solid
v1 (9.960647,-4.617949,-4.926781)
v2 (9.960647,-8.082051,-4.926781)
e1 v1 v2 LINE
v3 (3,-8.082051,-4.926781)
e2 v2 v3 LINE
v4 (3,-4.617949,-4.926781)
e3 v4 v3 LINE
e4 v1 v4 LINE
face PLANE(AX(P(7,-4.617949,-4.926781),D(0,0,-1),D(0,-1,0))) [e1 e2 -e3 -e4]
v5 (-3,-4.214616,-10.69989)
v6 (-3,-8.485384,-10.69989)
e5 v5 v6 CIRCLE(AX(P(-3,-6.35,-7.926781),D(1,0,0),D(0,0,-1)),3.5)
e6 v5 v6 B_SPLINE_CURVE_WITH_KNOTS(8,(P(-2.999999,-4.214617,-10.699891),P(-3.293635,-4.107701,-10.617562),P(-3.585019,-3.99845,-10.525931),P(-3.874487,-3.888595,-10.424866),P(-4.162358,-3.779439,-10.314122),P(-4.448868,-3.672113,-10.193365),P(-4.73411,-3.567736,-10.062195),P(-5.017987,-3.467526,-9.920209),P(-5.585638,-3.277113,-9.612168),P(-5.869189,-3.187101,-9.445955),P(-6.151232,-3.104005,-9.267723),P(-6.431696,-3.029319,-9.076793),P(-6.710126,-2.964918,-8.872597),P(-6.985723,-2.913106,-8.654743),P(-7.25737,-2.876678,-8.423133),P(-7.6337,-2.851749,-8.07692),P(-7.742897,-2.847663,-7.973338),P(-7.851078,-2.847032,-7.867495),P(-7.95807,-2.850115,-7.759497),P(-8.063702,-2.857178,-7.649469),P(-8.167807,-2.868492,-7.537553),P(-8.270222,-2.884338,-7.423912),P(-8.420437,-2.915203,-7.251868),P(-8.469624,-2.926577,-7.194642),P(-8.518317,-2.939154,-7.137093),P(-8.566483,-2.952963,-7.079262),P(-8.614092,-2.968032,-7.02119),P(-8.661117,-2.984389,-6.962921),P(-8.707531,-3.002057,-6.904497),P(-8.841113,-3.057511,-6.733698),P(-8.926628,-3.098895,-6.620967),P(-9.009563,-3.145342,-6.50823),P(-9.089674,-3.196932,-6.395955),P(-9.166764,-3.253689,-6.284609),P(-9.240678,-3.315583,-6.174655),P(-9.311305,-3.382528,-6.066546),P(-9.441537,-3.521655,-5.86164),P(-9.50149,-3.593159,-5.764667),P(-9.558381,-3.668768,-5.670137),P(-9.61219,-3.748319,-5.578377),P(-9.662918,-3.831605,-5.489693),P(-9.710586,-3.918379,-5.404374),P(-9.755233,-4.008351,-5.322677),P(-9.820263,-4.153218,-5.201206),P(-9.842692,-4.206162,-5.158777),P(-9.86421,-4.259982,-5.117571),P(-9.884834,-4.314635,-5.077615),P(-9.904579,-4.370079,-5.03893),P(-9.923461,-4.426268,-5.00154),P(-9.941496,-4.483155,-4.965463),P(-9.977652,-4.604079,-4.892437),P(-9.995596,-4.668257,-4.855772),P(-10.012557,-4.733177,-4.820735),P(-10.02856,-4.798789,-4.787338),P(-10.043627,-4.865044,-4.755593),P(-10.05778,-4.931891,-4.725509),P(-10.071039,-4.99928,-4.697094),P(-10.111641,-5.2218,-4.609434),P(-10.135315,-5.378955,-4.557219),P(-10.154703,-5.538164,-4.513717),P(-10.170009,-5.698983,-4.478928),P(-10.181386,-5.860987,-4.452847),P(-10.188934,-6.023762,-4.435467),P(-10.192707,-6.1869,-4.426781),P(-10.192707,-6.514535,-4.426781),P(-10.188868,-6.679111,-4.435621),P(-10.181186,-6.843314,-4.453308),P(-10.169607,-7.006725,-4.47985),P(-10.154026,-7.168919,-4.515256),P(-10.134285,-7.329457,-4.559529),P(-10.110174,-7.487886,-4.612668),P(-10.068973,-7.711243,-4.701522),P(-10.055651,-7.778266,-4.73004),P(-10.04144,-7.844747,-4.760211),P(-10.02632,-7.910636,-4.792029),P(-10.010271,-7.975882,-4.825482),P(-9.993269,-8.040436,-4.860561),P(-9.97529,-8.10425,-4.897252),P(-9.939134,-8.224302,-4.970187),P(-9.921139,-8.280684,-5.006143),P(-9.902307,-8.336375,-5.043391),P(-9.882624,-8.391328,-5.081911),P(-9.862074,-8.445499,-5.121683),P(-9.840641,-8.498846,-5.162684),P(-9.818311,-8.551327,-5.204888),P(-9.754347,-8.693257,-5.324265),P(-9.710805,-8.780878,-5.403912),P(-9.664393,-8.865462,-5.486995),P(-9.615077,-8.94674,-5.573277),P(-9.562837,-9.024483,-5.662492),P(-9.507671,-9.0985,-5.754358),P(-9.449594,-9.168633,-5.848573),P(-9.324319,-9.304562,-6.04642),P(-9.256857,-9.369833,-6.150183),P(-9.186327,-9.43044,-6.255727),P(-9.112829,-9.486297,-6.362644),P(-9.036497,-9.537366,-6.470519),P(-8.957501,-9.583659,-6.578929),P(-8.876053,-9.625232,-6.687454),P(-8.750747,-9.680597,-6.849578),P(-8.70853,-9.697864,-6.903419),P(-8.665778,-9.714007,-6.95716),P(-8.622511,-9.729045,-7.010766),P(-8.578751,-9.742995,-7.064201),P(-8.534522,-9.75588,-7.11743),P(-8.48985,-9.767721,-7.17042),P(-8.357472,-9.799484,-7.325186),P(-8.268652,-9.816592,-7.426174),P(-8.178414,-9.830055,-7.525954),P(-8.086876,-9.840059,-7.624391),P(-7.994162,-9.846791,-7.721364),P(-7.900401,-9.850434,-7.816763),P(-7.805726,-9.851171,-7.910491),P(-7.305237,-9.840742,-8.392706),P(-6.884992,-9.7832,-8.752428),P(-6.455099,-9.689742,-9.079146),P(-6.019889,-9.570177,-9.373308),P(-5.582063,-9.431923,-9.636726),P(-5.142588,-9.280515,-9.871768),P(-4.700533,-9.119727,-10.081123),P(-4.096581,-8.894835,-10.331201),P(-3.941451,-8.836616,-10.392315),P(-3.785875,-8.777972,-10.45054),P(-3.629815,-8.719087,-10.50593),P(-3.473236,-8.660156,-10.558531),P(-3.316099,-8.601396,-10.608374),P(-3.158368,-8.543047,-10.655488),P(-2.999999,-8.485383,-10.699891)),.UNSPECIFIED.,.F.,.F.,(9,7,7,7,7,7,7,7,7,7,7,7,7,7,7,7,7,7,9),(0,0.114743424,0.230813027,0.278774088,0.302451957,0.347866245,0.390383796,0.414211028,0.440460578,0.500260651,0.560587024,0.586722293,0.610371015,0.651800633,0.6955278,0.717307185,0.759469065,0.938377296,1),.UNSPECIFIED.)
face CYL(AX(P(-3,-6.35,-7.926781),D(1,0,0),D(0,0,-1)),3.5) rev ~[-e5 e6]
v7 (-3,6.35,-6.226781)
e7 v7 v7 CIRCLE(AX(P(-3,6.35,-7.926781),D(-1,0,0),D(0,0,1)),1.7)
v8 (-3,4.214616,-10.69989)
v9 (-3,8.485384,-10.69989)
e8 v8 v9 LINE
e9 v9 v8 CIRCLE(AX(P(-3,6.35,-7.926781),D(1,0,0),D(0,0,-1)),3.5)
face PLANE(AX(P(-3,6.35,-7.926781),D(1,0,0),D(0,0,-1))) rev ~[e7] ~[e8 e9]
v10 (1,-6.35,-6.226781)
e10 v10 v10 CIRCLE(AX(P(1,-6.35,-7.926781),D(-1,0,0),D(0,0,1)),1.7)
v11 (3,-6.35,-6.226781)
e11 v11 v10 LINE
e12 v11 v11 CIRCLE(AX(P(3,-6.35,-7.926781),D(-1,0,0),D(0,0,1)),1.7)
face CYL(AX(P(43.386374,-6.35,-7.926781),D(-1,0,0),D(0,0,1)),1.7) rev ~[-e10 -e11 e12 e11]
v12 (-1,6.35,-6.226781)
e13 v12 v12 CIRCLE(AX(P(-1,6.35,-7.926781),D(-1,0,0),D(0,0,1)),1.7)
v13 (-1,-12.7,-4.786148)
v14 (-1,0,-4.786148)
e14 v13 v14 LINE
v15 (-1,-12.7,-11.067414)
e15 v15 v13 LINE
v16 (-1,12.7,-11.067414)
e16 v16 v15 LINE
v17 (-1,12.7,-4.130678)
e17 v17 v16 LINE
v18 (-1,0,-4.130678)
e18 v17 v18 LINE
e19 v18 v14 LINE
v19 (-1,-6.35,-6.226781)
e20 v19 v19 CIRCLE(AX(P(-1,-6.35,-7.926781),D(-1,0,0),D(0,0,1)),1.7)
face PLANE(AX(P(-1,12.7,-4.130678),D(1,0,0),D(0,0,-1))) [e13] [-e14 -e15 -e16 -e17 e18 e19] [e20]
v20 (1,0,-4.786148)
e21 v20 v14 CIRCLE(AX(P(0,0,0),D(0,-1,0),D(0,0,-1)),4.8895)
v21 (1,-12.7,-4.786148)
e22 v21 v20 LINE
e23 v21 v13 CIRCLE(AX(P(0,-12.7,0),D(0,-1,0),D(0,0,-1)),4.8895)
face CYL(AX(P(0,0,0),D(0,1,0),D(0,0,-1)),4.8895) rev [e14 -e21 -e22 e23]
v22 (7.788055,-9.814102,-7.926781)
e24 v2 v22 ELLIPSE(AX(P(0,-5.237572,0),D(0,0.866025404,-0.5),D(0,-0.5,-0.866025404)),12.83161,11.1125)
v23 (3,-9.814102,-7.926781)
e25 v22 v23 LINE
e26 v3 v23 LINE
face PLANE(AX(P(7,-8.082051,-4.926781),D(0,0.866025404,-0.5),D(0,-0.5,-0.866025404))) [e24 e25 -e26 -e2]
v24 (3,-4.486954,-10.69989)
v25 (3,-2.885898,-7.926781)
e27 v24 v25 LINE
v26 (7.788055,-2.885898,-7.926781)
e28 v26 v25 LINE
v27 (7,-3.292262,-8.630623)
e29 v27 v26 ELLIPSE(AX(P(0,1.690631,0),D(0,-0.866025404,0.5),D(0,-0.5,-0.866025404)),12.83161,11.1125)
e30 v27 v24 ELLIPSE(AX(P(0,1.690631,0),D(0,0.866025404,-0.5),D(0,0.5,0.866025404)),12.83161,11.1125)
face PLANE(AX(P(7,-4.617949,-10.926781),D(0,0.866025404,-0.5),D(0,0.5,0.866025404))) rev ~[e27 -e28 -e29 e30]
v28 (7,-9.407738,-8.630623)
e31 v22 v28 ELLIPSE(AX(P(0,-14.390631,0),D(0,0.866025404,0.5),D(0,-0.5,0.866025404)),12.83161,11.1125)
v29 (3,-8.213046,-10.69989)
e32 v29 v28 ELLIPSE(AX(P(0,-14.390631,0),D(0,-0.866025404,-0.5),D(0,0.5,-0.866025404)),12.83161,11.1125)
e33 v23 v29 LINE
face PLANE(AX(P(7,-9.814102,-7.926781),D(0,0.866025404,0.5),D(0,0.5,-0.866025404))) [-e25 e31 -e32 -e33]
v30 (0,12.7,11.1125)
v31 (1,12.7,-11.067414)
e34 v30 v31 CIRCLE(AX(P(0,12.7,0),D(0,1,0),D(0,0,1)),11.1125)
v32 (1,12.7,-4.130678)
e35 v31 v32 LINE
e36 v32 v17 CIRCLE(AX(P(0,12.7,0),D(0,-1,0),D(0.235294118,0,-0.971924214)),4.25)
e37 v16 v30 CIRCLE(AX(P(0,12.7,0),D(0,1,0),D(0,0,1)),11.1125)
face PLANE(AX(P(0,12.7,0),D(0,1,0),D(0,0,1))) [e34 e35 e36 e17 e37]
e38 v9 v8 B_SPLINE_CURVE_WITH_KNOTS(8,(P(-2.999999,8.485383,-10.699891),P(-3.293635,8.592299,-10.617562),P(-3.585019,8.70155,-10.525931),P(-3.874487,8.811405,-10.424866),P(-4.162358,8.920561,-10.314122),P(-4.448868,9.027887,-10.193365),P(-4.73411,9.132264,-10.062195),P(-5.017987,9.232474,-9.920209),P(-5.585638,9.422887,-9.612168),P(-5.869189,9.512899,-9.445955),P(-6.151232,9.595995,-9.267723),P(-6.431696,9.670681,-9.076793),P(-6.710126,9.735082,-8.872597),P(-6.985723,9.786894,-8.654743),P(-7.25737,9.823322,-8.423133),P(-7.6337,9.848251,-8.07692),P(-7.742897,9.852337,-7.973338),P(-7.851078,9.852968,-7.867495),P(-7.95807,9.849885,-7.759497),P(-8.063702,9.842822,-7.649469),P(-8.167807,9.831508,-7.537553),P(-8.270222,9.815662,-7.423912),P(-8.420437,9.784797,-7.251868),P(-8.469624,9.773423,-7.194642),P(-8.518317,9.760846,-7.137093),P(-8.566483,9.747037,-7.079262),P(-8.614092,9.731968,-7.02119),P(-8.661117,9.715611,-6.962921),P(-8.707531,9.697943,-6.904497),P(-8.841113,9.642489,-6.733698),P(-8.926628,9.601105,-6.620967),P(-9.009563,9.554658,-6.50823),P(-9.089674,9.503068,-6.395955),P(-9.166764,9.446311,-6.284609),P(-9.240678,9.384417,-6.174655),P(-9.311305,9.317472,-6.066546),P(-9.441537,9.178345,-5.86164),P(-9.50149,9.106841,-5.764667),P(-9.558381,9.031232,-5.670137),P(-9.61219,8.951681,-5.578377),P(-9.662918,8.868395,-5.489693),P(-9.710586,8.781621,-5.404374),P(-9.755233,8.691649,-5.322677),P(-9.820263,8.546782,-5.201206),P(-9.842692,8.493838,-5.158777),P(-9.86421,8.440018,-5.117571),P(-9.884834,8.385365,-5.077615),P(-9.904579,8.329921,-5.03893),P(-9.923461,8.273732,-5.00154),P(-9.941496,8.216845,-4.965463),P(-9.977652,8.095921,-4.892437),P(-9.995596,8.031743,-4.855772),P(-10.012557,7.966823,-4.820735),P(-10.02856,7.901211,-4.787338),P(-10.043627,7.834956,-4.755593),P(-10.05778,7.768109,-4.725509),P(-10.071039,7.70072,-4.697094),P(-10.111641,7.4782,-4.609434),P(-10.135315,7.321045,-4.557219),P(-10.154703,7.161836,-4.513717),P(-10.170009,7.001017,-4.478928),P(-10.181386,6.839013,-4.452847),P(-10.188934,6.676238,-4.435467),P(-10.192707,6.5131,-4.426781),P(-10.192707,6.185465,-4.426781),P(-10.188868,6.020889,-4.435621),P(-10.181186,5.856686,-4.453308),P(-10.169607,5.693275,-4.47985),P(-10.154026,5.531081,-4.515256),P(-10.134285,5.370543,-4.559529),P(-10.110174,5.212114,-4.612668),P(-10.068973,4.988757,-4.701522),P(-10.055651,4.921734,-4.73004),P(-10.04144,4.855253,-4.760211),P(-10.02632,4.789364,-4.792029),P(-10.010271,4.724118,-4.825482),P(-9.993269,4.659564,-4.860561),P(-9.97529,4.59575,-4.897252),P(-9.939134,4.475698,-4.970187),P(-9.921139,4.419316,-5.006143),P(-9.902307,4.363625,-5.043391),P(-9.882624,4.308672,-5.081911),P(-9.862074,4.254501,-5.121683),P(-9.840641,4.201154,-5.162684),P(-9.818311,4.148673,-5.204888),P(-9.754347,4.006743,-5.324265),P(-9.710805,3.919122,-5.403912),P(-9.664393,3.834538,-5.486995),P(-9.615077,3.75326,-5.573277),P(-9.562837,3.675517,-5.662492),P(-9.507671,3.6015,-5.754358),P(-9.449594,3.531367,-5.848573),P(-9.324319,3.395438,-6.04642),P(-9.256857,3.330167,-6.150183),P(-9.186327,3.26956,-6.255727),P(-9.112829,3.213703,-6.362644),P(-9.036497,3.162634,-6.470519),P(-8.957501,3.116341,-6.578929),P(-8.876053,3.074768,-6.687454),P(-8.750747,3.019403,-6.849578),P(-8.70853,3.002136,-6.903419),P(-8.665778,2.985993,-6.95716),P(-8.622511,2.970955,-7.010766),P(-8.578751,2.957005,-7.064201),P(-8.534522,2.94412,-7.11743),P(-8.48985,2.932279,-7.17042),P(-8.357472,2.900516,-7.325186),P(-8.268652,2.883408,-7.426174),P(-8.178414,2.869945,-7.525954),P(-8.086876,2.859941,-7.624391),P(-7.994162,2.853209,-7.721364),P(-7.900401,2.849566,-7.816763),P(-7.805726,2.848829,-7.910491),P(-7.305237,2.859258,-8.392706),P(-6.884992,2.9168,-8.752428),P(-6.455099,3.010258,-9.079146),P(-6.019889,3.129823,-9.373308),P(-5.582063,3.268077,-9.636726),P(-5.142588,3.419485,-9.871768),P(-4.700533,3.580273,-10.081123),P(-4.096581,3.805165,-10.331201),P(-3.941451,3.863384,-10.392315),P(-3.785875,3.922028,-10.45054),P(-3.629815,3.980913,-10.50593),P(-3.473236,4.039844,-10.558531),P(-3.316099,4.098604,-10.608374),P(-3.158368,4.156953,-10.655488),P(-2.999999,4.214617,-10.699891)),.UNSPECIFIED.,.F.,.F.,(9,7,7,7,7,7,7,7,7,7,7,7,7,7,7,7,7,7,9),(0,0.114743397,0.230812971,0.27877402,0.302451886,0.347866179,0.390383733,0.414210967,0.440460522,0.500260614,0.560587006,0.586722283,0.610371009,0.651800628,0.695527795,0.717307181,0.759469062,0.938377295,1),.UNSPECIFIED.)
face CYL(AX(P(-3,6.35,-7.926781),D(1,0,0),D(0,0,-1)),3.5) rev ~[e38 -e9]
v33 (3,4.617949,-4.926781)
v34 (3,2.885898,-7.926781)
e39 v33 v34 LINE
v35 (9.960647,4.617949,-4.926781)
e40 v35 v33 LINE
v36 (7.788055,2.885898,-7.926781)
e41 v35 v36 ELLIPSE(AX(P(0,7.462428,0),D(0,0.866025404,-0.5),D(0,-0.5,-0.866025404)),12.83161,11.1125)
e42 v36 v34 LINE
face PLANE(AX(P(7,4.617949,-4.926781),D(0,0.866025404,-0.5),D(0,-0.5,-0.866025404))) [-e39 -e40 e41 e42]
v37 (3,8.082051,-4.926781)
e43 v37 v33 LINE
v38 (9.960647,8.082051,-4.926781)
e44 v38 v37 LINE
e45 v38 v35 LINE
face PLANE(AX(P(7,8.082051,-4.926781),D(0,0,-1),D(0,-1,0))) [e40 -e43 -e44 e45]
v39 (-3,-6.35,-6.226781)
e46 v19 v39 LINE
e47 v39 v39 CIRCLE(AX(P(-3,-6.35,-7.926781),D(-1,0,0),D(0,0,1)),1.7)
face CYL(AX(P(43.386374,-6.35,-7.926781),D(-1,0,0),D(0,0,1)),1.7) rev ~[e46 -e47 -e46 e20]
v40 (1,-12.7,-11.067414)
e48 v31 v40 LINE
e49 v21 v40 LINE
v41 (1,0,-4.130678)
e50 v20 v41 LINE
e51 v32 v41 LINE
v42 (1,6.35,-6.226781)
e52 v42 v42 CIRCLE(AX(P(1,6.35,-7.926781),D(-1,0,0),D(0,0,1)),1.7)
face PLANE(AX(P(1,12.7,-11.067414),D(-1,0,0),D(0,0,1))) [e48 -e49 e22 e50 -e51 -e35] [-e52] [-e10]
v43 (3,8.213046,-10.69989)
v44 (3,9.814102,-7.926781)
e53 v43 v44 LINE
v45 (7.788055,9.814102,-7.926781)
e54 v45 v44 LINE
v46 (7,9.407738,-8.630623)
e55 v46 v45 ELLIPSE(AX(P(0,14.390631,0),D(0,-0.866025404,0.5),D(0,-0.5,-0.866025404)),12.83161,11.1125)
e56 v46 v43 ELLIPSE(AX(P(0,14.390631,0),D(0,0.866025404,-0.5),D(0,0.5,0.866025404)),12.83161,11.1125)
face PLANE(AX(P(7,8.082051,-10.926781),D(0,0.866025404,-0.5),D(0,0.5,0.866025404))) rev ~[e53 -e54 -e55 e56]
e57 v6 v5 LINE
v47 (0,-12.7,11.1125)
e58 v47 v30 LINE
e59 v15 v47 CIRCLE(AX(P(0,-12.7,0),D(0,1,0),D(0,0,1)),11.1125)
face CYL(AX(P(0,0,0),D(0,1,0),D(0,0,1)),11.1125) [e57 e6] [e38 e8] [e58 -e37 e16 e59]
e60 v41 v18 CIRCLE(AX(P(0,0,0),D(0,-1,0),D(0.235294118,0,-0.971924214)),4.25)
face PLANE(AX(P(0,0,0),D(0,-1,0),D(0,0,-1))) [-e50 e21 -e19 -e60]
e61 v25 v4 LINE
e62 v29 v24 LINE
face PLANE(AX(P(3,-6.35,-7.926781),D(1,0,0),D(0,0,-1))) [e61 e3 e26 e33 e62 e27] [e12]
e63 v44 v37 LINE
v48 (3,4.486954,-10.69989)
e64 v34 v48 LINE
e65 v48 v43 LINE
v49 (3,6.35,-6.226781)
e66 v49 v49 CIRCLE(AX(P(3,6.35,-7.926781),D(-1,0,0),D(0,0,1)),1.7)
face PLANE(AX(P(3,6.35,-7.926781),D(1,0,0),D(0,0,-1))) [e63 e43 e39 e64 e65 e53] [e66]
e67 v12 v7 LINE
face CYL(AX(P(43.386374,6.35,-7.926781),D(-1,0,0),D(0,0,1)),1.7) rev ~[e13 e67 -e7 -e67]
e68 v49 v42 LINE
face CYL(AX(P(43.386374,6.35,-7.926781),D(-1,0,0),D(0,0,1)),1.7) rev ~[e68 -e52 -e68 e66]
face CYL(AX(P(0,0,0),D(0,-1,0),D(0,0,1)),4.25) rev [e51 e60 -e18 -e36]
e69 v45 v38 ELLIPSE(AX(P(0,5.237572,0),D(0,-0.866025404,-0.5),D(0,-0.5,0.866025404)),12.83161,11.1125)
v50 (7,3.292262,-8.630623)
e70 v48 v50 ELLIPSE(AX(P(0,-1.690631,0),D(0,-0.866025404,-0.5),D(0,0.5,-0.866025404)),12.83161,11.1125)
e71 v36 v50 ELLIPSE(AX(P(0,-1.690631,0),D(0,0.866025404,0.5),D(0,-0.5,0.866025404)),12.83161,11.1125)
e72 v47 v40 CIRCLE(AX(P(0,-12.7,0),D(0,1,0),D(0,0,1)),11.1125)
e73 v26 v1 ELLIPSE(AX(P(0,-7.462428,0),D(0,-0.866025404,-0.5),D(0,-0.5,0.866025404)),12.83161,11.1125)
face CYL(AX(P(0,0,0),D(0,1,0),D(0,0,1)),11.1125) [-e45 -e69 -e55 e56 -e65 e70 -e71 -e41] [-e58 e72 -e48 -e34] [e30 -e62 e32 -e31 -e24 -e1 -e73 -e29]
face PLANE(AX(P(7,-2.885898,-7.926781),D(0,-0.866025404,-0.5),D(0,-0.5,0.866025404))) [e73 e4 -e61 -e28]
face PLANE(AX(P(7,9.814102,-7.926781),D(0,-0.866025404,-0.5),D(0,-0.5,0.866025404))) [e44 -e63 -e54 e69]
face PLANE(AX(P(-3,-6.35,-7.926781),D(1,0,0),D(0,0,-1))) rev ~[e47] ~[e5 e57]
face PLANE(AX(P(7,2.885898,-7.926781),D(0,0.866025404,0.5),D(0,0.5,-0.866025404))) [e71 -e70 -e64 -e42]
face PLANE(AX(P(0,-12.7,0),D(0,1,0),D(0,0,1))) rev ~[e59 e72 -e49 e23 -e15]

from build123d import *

# Parameters (mm, degrees)
SKETCH1_R                           = 11.1125
BOSS_EXTRUDE1_DEPTH                 = 12.7
CUT_EXTRUDE1_START                  = -12.7
SKETCH2_R                           = 4.25
CUT_EXTRUDE1_DEPTH                  = 12.7
CUT_EXTRUDE2_START                  = -12.7
SKETCH3_R                           = 4.8895
CUT_EXTRUDE2_DEPTH                  = 12.7
CUT_EXTRUDE3_REACH                  = 31.869
CUT_EXTRUDE4_DEPTH                  = 4
CUT_EXTRUDE4_DIRECTION_2_REACH      = 26.756
CUT_EXTRUDE4_DIRECTION_2_END_RADIUS = 11.1125
M3_CLEARANCE_HOLE1_D                = 3.4
CUT_EXTRUDE5_REACH                  = 23.999
SKETCH9_R                           = 3.5


with BuildPart() as part:
    # Sketch1 → Boss-Extrude1 (new, symmetric)
    with BuildSketch(Plane(origin=(0, 0, 0), x_dir=(1, 0, 0), z_dir=(0, 1, 0))):
        with Locations(Location((0, 0, 0), (0, 0, 270))):
            Circle(SKETCH1_R)
    extrude(amount=BOSS_EXTRUDE1_DEPTH, both=True)

    # Sketch2 → Cut-Extrude1 (cut)
    with BuildSketch(Plane(origin=(0, 12.7, 0), x_dir=(1, 0, 0), z_dir=(0, 1, 0)).offset(CUT_EXTRUDE1_START)):
        with Locations(Location((0, 0, 0), (0, 0, 270))):
            Circle(SKETCH2_R)
    extrude(amount=CUT_EXTRUDE1_DEPTH, mode=Mode.SUBTRACT)

    # Sketch3 → Cut-Extrude2 (cut)
    with BuildSketch(Plane.XZ.offset(12.7).offset(CUT_EXTRUDE2_START)):
        with Locations(Location((0, 0, 0), (0, 0, 270))):
            Circle(SKETCH3_R)
    extrude(amount=CUT_EXTRUDE2_DEPTH, mode=Mode.SUBTRACT)

    # Sketch4 → Cut-Extrude3 (cut, up to next)
    with BuildSketch(Plane(origin=(0, 12.7, 0), x_dir=(1, 0, 0), z_dir=(0, 1, 0)), mode=Mode.PRIVATE) as cut_extrude3_sk1:
        with BuildLine():
            Line((-1, 4.13067791), (-1, 11.067414163))
            ThreePointArc((-1, 11.067414163), (0, 11.1125), (1, 11.067414163))
            Line((1, 11.067414163), (1, 4.13067791))
            ThreePointArc((1, 4.13067791), (0, 4.25), (-1, 4.13067791))
        make_face()
    cut_extrude3_tool1 = extrude(cut_extrude3_sk1.sketch, amount=-CUT_EXTRUDE3_REACH, mode=Mode.PRIVATE) & part.part
    add(cut_extrude3_tool1.solids().sort_by_distance((0, 12.7, -7.653889))[0], mode=Mode.SUBTRACT)

    # Sketch5 → Cut-Extrude4 (cut)
    with BuildSketch(Plane(origin=(7, 0, 0), x_dir=(0, 0, -1), z_dir=(1, 0, 0))):
        Polygon((7.926780955, 2.885898385), (10.926780955, 4.617949192), (10.926780955, 8.082050808), (7.926780955, 9.814101615), (4.926780955, 8.082050808), (4.926780955, 4.617949192), align=None)
        Polygon((7.926780955, -9.814101615), (10.926780955, -8.082050808), (10.926780955, -4.617949192), (7.926780955, -2.885898385), (4.926780955, -4.617949192), (4.926780955, -8.082050808), align=None)
    extrude(amount=-CUT_EXTRUDE4_DEPTH, mode=Mode.SUBTRACT)

    # Cut-Extrude4 direction 2: up to this cylinder (the profile starts inside it)
    cut_extrude4_direction_2_end = Plane(origin=(0, 0, 0), z_dir=(0, -1, 0)) * Cylinder(CUT_EXTRUDE4_DIRECTION_2_END_RADIUS, 89.437, mode=Mode.PRIVATE)
    # Sketch5 → Cut-Extrude4 direction 2 (cut, up to the surface)
    with BuildSketch(Plane(origin=(7, 0, 0), x_dir=(0, 0, -1), z_dir=(1, 0, 0)), mode=Mode.PRIVATE) as cut_extrude4_direction_2_sk1:
        Polygon((7.926780955, 2.885898385), (10.926780955, 4.617949192), (10.926780955, 8.082050808), (7.926780955, 9.814101615), (4.926780955, 8.082050808), (4.926780955, 4.617949192), align=None)
    cut_extrude4_direction_2_tool1 = extrude(cut_extrude4_direction_2_sk1.sketch, amount=CUT_EXTRUDE4_DIRECTION_2_REACH, mode=Mode.PRIVATE) & cut_extrude4_direction_2_end
    add(cut_extrude4_direction_2_tool1.solids().sort_by_distance((7, 6.35, -7.926781))[0], mode=Mode.SUBTRACT)
    # Sketch5 → Cut-Extrude4 direction 2 (cut, up to the surface)
    with BuildSketch(Plane(origin=(7, 0, 0), x_dir=(0, 0, -1), z_dir=(1, 0, 0)), mode=Mode.PRIVATE) as cut_extrude4_direction_2_sk2:
        Polygon((7.926780955, -9.814101615), (10.926780955, -8.082050808), (10.926780955, -4.617949192), (7.926780955, -2.885898385), (4.926780955, -4.617949192), (4.926780955, -8.082050808), align=None)
    cut_extrude4_direction_2_tool2 = extrude(cut_extrude4_direction_2_sk2.sketch, amount=CUT_EXTRUDE4_DIRECTION_2_REACH, mode=Mode.PRIVATE) & cut_extrude4_direction_2_end
    add(cut_extrude4_direction_2_tool2.solids().sort_by_distance((7, -6.35, -7.926781))[0], mode=Mode.SUBTRACT)

    # M3 Clearance Hole1 (through all)
    with Locations(Plane(origin=(3, 0, 0), x_dir=(0, 0, -1), z_dir=(1, 0, 0))):
        with Locations((7.926780955, 6.35), (7.926780955, -6.35)):
            Hole(M3_CLEARANCE_HOLE1_D / 2)

    # Sketch9 → Cut-Extrude5 (cut, up to next)
    with BuildSketch(Plane(origin=(-3, 0, 0), x_dir=(0, 0, -1), z_dir=(1, 0, 0)), mode=Mode.PRIVATE) as cut_extrude5_sk1:
        with Locations((7.926780955, 6.35)):
            Circle(SKETCH9_R)
    cut_extrude5_tool1 = extrude(cut_extrude5_sk1.sketch, amount=-CUT_EXTRUDE5_REACH, mode=Mode.PRIVATE) & part.part
    # Sketch9 → Cut-Extrude5 (cut, up to next)
    with BuildSketch(Plane(origin=(-3, 0, 0), x_dir=(0, 0, -1), z_dir=(1, 0, 0)), mode=Mode.PRIVATE) as cut_extrude5_sk2:
        with Locations((7.926780955, -6.35)):
            Circle(SKETCH9_R)
    cut_extrude5_tool2 = extrude(cut_extrude5_sk2.sketch, amount=-CUT_EXTRUDE5_REACH, mode=Mode.PRIVATE) & part.part
    add(cut_extrude5_tool1.solids().sort_by_distance((-3, 6.35, -7.926781))[0], mode=Mode.SUBTRACT)
    add(cut_extrude5_tool2.solids().sort_by_distance((-3, -6.35, -7.926781))[0], mode=Mode.SUBTRACT)


solid = part.part
